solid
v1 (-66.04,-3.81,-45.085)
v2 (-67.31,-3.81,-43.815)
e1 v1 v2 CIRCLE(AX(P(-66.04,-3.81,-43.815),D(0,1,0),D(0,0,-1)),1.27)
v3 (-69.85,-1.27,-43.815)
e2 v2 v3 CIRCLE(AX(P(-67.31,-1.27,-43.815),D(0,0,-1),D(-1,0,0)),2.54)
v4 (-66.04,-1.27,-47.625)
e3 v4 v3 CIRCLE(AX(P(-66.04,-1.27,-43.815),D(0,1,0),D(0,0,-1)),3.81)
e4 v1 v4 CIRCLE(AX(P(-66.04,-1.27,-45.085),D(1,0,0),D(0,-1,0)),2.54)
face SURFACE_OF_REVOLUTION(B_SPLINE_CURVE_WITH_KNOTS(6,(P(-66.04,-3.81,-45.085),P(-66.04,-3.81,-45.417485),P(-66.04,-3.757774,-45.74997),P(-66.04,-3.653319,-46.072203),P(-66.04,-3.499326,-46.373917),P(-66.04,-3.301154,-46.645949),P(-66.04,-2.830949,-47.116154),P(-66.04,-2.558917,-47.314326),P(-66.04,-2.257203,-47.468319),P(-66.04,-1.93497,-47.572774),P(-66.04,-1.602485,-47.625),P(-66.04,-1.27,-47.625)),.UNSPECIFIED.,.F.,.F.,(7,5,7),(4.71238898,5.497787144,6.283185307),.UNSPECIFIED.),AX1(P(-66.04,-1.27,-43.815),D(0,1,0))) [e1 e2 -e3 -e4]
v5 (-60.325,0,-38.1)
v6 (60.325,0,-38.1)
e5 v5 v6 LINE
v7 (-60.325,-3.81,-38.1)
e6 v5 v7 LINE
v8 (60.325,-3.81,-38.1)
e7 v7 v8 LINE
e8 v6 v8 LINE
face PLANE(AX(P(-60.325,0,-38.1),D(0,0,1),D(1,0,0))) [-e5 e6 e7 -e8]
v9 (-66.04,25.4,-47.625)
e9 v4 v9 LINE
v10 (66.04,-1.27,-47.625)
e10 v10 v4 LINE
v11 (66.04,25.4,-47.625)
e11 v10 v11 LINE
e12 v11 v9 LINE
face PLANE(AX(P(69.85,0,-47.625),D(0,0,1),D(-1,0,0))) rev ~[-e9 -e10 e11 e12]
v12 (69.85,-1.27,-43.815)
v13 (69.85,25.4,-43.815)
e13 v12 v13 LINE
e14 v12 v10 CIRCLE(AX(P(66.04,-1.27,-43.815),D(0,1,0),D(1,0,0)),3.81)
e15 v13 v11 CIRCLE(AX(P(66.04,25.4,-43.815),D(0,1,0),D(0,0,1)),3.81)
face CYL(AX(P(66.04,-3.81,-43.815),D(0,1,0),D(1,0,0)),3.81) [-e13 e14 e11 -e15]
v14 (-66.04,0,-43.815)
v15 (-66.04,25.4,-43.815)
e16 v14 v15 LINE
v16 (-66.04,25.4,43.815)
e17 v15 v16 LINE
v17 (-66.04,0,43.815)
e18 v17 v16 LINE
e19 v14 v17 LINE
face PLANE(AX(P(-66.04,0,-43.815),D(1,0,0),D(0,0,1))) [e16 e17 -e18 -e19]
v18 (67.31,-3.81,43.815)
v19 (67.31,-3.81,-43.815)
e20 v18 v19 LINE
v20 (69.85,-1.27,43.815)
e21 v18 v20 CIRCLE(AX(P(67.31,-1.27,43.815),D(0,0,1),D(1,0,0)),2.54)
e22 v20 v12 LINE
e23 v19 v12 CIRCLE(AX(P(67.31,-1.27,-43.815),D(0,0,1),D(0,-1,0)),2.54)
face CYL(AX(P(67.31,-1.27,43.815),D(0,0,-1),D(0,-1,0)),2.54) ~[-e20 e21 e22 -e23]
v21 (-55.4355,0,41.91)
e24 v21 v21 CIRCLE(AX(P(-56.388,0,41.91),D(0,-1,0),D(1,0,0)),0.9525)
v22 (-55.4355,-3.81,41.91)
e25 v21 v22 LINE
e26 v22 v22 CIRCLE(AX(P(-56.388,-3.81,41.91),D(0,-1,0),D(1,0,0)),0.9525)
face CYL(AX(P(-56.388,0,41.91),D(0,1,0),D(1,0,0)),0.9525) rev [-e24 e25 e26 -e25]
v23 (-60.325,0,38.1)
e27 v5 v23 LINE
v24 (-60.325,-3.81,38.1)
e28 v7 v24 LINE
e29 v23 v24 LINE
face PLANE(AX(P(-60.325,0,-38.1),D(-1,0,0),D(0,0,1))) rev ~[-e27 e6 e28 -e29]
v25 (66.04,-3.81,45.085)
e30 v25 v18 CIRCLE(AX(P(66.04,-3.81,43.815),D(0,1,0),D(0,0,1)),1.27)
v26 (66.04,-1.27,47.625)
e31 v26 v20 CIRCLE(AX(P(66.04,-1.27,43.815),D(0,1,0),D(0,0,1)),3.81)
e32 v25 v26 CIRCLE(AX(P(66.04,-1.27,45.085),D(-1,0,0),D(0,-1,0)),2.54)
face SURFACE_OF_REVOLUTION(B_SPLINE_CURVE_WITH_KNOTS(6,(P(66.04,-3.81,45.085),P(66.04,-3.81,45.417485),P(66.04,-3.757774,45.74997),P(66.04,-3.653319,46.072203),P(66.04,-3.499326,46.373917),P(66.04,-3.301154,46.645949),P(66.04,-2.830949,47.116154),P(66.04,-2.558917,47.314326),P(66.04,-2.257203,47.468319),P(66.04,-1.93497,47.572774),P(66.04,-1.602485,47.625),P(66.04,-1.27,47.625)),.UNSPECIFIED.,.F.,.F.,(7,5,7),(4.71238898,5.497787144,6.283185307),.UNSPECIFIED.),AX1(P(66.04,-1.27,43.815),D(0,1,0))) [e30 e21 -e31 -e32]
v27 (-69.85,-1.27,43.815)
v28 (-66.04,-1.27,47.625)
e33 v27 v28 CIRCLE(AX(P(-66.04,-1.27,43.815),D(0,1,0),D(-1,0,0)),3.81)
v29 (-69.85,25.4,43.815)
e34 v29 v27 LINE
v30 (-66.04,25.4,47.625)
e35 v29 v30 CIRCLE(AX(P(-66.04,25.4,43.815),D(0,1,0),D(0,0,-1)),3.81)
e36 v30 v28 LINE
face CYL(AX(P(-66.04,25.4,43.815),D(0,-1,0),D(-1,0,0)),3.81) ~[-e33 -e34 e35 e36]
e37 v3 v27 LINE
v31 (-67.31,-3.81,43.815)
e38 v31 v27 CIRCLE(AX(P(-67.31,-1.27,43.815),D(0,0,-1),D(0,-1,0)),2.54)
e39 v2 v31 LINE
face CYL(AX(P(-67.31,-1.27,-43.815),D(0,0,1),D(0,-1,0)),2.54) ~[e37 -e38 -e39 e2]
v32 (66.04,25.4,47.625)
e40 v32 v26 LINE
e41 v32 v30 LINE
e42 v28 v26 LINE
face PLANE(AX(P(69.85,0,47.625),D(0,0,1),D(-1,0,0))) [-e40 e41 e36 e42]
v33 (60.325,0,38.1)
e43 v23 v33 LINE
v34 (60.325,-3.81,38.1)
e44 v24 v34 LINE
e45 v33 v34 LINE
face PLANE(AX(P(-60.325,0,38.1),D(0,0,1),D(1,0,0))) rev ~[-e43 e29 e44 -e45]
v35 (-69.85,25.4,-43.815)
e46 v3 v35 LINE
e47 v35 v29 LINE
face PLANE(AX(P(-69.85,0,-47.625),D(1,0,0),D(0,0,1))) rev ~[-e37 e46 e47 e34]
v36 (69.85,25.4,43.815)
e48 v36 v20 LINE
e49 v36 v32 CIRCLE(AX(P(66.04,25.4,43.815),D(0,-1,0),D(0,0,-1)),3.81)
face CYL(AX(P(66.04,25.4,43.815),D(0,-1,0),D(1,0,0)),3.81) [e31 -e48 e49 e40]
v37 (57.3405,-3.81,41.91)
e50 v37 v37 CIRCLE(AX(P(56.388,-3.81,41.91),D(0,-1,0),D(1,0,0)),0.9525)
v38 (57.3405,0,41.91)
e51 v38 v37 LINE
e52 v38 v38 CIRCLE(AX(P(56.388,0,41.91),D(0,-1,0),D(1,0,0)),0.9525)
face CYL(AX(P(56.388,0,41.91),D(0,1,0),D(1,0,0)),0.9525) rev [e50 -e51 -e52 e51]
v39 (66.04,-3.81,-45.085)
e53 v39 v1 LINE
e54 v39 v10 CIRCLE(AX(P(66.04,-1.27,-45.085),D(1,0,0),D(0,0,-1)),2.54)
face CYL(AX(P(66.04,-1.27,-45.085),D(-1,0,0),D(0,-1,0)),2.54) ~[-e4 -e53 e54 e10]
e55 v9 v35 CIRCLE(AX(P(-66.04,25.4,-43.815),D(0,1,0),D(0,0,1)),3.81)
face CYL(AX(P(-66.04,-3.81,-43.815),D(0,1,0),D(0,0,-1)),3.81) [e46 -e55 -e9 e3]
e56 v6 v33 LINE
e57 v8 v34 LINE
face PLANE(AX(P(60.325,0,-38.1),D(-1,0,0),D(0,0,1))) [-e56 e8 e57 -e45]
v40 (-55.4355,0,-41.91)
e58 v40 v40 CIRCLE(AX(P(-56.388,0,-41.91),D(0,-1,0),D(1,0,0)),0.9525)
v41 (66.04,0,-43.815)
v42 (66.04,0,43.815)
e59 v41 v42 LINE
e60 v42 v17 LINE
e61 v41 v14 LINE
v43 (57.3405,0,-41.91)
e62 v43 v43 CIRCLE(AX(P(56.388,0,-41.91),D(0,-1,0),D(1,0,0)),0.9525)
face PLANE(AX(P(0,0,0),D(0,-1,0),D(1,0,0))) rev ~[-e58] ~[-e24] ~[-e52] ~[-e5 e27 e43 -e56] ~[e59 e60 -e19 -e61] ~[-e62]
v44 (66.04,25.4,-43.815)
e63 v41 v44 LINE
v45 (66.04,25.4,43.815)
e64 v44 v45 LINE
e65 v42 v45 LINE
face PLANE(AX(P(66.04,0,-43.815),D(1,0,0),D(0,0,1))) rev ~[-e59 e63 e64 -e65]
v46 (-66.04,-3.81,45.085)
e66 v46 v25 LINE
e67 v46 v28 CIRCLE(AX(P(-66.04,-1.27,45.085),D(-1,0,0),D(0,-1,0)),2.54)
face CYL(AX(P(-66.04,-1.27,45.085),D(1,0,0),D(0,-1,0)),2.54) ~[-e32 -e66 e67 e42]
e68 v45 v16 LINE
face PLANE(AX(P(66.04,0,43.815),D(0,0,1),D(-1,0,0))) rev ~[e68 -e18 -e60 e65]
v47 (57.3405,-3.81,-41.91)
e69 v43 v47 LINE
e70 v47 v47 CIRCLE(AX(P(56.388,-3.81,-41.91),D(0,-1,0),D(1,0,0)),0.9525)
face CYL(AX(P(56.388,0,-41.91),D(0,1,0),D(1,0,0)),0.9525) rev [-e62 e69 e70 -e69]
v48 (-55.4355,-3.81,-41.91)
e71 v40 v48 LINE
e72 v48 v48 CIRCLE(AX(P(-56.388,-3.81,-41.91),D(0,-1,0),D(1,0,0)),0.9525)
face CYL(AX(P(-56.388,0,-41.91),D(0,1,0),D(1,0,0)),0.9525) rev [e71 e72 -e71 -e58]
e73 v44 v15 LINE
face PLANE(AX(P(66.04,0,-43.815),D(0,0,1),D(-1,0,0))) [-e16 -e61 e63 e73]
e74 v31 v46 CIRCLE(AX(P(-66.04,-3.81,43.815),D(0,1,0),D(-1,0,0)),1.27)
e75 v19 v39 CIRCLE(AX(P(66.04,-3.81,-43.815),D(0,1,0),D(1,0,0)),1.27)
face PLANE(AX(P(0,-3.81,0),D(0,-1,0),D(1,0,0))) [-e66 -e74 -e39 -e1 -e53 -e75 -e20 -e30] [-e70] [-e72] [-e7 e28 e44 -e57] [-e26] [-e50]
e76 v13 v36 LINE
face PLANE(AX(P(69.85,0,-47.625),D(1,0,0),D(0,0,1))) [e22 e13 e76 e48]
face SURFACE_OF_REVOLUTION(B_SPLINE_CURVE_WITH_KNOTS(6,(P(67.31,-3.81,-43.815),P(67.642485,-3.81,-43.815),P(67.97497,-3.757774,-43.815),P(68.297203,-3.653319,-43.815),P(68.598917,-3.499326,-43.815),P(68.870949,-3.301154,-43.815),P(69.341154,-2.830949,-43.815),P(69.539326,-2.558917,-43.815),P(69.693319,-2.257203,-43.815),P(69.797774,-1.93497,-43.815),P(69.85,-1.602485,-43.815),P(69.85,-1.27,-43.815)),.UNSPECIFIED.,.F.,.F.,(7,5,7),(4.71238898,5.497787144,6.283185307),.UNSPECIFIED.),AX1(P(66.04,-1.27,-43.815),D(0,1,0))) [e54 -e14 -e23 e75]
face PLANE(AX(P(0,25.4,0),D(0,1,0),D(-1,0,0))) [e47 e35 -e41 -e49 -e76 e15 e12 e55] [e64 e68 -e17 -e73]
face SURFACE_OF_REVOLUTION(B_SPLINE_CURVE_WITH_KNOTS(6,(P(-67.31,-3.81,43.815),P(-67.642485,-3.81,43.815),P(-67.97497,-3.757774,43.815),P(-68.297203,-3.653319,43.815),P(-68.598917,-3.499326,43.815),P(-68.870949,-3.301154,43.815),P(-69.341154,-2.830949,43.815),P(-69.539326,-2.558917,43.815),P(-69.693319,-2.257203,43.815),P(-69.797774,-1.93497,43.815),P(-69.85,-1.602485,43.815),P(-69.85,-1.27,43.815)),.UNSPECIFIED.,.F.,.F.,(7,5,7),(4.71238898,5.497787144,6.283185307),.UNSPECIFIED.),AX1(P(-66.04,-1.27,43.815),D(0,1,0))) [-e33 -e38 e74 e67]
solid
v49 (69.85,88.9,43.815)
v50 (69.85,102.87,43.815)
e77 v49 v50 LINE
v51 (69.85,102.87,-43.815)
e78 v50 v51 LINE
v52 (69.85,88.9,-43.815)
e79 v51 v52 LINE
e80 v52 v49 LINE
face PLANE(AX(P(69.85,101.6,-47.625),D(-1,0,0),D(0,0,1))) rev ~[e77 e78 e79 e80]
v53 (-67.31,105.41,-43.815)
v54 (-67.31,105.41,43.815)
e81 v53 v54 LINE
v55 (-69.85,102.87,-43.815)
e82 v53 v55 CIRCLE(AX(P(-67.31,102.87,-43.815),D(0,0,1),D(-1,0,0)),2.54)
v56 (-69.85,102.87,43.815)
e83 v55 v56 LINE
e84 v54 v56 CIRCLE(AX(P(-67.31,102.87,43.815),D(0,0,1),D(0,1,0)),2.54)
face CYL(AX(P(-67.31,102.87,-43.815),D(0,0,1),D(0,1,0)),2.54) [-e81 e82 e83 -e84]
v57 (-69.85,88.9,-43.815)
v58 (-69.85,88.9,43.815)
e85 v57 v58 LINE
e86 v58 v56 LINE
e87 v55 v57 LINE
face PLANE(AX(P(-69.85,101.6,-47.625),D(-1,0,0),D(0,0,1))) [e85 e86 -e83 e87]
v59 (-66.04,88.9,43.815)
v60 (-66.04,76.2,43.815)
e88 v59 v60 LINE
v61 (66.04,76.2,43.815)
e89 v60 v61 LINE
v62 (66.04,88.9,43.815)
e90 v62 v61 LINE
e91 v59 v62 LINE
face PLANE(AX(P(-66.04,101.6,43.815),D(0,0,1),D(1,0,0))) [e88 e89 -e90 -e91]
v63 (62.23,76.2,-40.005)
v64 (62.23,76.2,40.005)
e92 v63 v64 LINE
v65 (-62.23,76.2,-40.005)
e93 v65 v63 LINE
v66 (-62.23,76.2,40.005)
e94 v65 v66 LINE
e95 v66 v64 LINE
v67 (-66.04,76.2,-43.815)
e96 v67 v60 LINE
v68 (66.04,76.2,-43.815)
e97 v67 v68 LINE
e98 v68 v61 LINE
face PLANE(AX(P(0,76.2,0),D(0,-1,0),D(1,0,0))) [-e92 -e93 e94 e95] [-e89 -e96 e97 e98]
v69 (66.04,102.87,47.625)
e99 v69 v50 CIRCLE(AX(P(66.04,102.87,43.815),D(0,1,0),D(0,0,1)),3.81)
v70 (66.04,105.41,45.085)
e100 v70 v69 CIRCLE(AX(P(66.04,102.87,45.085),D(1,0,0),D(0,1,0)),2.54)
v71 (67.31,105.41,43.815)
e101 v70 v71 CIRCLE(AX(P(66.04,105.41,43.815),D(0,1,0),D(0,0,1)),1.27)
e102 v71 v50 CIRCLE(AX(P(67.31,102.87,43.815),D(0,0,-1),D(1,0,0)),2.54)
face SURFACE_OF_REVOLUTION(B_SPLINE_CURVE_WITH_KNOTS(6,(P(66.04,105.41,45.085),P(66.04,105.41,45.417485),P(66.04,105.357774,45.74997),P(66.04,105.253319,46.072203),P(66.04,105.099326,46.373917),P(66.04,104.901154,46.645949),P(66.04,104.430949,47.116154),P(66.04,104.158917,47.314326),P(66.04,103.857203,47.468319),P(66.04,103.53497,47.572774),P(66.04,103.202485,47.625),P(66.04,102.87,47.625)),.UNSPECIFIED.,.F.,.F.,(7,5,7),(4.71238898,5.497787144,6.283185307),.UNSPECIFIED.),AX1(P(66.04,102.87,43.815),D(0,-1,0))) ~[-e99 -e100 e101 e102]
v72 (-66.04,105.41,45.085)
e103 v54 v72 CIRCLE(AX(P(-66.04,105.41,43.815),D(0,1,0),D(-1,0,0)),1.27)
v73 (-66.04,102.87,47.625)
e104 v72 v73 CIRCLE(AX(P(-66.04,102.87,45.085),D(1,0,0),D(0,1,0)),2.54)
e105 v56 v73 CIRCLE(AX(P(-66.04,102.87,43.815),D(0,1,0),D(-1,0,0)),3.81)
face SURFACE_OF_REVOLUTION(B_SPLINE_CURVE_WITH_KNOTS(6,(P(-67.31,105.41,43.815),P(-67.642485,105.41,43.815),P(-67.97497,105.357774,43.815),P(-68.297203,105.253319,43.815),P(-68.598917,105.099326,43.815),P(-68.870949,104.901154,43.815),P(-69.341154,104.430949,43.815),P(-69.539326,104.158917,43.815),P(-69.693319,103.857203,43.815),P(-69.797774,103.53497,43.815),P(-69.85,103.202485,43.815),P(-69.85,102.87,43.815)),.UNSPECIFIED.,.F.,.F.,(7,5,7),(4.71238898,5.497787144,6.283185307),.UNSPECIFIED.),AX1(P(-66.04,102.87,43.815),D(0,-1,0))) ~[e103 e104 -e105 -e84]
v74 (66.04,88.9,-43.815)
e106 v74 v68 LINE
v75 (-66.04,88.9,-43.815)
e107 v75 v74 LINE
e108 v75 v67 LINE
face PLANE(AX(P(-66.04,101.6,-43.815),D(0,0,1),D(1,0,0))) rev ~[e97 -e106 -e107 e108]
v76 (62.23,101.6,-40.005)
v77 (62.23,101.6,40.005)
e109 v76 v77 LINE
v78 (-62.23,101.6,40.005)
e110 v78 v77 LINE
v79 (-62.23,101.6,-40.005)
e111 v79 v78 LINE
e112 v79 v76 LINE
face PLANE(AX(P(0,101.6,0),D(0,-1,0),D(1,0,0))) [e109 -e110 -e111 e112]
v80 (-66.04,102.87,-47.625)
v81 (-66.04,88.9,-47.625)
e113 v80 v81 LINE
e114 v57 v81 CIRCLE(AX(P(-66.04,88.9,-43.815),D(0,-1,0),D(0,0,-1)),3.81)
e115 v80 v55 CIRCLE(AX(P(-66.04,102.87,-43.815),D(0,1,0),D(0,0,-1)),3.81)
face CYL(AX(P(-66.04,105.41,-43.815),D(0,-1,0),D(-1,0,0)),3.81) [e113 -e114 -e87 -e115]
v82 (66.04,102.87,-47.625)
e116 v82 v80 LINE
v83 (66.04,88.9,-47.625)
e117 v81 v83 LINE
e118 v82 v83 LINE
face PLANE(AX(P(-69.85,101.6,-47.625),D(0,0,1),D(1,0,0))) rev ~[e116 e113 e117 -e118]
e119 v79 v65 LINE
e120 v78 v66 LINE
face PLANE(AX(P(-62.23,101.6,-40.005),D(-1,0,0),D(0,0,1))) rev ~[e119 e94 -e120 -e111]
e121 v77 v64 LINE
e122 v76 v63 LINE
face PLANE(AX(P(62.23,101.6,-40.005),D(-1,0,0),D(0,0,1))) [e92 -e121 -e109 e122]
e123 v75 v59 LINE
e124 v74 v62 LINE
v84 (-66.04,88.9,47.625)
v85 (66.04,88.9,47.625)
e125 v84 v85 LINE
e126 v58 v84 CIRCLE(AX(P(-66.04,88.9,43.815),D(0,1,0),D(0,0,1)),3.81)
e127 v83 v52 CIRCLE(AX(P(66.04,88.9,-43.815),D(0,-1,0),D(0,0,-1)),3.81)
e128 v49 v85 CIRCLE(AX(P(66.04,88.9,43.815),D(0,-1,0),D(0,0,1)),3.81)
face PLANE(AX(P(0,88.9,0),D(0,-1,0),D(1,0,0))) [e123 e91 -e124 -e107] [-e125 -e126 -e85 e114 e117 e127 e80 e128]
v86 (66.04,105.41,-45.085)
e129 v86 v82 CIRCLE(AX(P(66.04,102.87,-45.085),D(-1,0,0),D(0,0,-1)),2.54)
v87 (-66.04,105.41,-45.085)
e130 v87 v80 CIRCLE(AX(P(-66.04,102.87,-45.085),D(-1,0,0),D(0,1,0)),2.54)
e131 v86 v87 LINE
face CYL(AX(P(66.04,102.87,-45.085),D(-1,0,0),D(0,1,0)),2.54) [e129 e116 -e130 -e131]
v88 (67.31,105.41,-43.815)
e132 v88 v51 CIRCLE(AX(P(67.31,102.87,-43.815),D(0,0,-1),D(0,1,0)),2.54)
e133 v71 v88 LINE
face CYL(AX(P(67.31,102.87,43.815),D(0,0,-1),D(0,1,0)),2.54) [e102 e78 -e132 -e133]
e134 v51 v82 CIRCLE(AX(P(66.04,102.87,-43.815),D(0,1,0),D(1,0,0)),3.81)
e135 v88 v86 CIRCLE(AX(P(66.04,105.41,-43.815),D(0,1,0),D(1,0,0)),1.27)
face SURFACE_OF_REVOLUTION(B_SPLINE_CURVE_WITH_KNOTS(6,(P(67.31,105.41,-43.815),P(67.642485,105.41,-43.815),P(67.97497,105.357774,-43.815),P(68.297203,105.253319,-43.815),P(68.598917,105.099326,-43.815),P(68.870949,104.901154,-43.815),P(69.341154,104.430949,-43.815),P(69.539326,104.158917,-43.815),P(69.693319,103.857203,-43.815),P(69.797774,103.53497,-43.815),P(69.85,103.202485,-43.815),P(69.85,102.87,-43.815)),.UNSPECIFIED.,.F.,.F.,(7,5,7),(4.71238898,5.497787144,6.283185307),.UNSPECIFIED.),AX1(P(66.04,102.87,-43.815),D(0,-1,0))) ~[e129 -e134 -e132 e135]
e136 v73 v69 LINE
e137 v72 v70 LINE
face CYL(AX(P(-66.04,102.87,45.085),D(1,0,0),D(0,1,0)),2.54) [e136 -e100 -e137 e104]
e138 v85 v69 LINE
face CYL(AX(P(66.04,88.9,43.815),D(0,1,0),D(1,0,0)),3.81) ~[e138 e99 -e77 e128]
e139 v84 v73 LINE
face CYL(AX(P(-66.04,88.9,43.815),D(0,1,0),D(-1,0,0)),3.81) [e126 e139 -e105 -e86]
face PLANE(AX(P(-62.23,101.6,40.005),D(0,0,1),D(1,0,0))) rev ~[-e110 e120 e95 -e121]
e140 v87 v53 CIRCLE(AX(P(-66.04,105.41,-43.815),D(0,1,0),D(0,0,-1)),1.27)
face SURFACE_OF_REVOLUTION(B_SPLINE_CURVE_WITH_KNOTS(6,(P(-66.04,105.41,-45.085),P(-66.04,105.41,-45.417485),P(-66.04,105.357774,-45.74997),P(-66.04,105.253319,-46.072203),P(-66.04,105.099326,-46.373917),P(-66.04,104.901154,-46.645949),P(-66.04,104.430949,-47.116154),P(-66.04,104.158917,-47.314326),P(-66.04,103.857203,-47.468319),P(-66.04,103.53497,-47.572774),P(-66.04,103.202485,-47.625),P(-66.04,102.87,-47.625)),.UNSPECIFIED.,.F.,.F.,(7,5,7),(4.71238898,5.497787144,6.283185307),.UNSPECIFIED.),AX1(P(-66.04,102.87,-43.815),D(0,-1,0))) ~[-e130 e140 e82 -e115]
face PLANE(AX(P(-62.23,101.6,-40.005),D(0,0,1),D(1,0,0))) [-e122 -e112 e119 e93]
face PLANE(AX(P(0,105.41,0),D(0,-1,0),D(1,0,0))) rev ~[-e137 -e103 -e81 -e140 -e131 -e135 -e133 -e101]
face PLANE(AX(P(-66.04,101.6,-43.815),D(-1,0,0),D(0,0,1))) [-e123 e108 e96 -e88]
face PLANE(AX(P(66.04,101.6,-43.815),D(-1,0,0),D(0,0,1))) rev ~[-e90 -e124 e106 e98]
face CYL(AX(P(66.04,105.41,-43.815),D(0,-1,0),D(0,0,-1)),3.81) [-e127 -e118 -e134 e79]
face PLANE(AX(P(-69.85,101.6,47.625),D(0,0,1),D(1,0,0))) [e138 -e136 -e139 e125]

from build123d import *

# Parameters (mm, degrees)
F0_W      = 139.7
F0_H      = 95.25
F0_R      = 0.9525
F0_W_2    = 120.65
F0_H_2    = 76.2
F1_DEPTH  = 3.81
F2_W      = 139.7
F2_H      = 95.25
F2_W_2    = 132.08
F2_H_2    = 87.63
F3_DEPTH  = 25.4
F4_R      = 3.81
F5_R      = 2.54
F7_W      = 139.7
F7_H      = 95.25
F7_W_2    = 132.08
F7_H_2    = 87.63
F8_DEPTH  = 3.81
F9_DEPTH  = 12.7
F10_R     = 3.81
F11_R     = 2.54
F12_W     = 132.08
F12_H     = 87.63
F12_W_2   = 124.46
F12_H_2   = 80.01
F13_DEPTH = 25.4


with BuildPart() as f1:
    # F0 (on Front) → F1 (new body)
    with BuildSketch(Plane.XZ):
        Rectangle(F0_W, F0_H)
        with Locations((-56.388, -41.91)):
            Circle(F0_R, mode=Mode.SUBTRACT)
        with Locations((56.388, -41.91)):
            Circle(F0_R, mode=Mode.SUBTRACT)
        with Locations((-56.388, 41.91)):
            Circle(F0_R, mode=Mode.SUBTRACT)
        Rectangle(F0_W_2, F0_H_2, mode=Mode.SUBTRACT)
        with Locations((56.388, 41.91)):
            Circle(F0_R, mode=Mode.SUBTRACT)
    extrude(amount=F1_DEPTH)

    # F2 (on face) → F3 (join)
    with BuildSketch(Plane(origin=(0, 0, 0), x_dir=(-1, 0, 0), z_dir=(0, 1, 0))):
        Rectangle(F2_W, F2_H)
        Rectangle(F2_W_2, F2_H_2, mode=Mode.SUBTRACT)
    extrude(amount=F3_DEPTH)

    # F4
    f4_edges = [f1.edges().sort_by_distance(p)[0] for p in [
        (69.85, 10.795, 47.625),
        (-69.85, 10.795, 47.625),
        (69.85, 10.795, -47.625),
        (-69.85, 10.795, -47.625),
    ]]
    fillet(f4_edges, radius=F4_R)

    # F5
    f5_edges = [f1.edges().sort_by_distance(p)[0] for p in [
        (0, -3.81, 47.625),
        (69.85, -3.81, 0),
    ]]
    fillet(f5_edges, radius=F5_R)


with BuildPart() as f8:
    # F7 (on offset) → F8 (new body)
    with BuildSketch(Plane.XZ.offset(-101.6)):
        Rectangle(F7_W, F7_H)
        Rectangle(F7_W_2, F7_H_2, mode=Mode.SUBTRACT)
        Rectangle(F7_W_2, F7_H_2)
    extrude(amount=-F8_DEPTH)

    # F7 (on offset) → F9 (join)
    with BuildSketch(Plane.XZ.offset(-101.6)):
        Rectangle(F7_W, F7_H)
        Rectangle(F7_W_2, F7_H_2, mode=Mode.SUBTRACT)
    extrude(amount=F9_DEPTH)

    # F10
    f10_edges = [f8.edges().sort_by_distance(p)[0] for p in [
        (69.85, 97.155, 47.625),
        (-69.85, 97.155, 47.625),
        (69.85, 97.155, -47.625),
        (-69.85, 97.155, -47.625),
    ]]
    fillet(f10_edges, radius=F10_R)

    # F11
    f11_edges = [f8.edges().sort_by_distance(p)[0] for p in [
        (0, 105.41, 47.625),
    ]]
    fillet(f11_edges, radius=F11_R)

    # F12 (on face) → F13 (join)
    with BuildSketch(Plane.XZ.offset(-101.6)):
        Rectangle(F12_W, F12_H)
        Rectangle(F12_W_2, F12_H_2, mode=Mode.SUBTRACT)
    extrude(amount=F13_DEPTH)


solid = Compound([f1.part, f8.part])
